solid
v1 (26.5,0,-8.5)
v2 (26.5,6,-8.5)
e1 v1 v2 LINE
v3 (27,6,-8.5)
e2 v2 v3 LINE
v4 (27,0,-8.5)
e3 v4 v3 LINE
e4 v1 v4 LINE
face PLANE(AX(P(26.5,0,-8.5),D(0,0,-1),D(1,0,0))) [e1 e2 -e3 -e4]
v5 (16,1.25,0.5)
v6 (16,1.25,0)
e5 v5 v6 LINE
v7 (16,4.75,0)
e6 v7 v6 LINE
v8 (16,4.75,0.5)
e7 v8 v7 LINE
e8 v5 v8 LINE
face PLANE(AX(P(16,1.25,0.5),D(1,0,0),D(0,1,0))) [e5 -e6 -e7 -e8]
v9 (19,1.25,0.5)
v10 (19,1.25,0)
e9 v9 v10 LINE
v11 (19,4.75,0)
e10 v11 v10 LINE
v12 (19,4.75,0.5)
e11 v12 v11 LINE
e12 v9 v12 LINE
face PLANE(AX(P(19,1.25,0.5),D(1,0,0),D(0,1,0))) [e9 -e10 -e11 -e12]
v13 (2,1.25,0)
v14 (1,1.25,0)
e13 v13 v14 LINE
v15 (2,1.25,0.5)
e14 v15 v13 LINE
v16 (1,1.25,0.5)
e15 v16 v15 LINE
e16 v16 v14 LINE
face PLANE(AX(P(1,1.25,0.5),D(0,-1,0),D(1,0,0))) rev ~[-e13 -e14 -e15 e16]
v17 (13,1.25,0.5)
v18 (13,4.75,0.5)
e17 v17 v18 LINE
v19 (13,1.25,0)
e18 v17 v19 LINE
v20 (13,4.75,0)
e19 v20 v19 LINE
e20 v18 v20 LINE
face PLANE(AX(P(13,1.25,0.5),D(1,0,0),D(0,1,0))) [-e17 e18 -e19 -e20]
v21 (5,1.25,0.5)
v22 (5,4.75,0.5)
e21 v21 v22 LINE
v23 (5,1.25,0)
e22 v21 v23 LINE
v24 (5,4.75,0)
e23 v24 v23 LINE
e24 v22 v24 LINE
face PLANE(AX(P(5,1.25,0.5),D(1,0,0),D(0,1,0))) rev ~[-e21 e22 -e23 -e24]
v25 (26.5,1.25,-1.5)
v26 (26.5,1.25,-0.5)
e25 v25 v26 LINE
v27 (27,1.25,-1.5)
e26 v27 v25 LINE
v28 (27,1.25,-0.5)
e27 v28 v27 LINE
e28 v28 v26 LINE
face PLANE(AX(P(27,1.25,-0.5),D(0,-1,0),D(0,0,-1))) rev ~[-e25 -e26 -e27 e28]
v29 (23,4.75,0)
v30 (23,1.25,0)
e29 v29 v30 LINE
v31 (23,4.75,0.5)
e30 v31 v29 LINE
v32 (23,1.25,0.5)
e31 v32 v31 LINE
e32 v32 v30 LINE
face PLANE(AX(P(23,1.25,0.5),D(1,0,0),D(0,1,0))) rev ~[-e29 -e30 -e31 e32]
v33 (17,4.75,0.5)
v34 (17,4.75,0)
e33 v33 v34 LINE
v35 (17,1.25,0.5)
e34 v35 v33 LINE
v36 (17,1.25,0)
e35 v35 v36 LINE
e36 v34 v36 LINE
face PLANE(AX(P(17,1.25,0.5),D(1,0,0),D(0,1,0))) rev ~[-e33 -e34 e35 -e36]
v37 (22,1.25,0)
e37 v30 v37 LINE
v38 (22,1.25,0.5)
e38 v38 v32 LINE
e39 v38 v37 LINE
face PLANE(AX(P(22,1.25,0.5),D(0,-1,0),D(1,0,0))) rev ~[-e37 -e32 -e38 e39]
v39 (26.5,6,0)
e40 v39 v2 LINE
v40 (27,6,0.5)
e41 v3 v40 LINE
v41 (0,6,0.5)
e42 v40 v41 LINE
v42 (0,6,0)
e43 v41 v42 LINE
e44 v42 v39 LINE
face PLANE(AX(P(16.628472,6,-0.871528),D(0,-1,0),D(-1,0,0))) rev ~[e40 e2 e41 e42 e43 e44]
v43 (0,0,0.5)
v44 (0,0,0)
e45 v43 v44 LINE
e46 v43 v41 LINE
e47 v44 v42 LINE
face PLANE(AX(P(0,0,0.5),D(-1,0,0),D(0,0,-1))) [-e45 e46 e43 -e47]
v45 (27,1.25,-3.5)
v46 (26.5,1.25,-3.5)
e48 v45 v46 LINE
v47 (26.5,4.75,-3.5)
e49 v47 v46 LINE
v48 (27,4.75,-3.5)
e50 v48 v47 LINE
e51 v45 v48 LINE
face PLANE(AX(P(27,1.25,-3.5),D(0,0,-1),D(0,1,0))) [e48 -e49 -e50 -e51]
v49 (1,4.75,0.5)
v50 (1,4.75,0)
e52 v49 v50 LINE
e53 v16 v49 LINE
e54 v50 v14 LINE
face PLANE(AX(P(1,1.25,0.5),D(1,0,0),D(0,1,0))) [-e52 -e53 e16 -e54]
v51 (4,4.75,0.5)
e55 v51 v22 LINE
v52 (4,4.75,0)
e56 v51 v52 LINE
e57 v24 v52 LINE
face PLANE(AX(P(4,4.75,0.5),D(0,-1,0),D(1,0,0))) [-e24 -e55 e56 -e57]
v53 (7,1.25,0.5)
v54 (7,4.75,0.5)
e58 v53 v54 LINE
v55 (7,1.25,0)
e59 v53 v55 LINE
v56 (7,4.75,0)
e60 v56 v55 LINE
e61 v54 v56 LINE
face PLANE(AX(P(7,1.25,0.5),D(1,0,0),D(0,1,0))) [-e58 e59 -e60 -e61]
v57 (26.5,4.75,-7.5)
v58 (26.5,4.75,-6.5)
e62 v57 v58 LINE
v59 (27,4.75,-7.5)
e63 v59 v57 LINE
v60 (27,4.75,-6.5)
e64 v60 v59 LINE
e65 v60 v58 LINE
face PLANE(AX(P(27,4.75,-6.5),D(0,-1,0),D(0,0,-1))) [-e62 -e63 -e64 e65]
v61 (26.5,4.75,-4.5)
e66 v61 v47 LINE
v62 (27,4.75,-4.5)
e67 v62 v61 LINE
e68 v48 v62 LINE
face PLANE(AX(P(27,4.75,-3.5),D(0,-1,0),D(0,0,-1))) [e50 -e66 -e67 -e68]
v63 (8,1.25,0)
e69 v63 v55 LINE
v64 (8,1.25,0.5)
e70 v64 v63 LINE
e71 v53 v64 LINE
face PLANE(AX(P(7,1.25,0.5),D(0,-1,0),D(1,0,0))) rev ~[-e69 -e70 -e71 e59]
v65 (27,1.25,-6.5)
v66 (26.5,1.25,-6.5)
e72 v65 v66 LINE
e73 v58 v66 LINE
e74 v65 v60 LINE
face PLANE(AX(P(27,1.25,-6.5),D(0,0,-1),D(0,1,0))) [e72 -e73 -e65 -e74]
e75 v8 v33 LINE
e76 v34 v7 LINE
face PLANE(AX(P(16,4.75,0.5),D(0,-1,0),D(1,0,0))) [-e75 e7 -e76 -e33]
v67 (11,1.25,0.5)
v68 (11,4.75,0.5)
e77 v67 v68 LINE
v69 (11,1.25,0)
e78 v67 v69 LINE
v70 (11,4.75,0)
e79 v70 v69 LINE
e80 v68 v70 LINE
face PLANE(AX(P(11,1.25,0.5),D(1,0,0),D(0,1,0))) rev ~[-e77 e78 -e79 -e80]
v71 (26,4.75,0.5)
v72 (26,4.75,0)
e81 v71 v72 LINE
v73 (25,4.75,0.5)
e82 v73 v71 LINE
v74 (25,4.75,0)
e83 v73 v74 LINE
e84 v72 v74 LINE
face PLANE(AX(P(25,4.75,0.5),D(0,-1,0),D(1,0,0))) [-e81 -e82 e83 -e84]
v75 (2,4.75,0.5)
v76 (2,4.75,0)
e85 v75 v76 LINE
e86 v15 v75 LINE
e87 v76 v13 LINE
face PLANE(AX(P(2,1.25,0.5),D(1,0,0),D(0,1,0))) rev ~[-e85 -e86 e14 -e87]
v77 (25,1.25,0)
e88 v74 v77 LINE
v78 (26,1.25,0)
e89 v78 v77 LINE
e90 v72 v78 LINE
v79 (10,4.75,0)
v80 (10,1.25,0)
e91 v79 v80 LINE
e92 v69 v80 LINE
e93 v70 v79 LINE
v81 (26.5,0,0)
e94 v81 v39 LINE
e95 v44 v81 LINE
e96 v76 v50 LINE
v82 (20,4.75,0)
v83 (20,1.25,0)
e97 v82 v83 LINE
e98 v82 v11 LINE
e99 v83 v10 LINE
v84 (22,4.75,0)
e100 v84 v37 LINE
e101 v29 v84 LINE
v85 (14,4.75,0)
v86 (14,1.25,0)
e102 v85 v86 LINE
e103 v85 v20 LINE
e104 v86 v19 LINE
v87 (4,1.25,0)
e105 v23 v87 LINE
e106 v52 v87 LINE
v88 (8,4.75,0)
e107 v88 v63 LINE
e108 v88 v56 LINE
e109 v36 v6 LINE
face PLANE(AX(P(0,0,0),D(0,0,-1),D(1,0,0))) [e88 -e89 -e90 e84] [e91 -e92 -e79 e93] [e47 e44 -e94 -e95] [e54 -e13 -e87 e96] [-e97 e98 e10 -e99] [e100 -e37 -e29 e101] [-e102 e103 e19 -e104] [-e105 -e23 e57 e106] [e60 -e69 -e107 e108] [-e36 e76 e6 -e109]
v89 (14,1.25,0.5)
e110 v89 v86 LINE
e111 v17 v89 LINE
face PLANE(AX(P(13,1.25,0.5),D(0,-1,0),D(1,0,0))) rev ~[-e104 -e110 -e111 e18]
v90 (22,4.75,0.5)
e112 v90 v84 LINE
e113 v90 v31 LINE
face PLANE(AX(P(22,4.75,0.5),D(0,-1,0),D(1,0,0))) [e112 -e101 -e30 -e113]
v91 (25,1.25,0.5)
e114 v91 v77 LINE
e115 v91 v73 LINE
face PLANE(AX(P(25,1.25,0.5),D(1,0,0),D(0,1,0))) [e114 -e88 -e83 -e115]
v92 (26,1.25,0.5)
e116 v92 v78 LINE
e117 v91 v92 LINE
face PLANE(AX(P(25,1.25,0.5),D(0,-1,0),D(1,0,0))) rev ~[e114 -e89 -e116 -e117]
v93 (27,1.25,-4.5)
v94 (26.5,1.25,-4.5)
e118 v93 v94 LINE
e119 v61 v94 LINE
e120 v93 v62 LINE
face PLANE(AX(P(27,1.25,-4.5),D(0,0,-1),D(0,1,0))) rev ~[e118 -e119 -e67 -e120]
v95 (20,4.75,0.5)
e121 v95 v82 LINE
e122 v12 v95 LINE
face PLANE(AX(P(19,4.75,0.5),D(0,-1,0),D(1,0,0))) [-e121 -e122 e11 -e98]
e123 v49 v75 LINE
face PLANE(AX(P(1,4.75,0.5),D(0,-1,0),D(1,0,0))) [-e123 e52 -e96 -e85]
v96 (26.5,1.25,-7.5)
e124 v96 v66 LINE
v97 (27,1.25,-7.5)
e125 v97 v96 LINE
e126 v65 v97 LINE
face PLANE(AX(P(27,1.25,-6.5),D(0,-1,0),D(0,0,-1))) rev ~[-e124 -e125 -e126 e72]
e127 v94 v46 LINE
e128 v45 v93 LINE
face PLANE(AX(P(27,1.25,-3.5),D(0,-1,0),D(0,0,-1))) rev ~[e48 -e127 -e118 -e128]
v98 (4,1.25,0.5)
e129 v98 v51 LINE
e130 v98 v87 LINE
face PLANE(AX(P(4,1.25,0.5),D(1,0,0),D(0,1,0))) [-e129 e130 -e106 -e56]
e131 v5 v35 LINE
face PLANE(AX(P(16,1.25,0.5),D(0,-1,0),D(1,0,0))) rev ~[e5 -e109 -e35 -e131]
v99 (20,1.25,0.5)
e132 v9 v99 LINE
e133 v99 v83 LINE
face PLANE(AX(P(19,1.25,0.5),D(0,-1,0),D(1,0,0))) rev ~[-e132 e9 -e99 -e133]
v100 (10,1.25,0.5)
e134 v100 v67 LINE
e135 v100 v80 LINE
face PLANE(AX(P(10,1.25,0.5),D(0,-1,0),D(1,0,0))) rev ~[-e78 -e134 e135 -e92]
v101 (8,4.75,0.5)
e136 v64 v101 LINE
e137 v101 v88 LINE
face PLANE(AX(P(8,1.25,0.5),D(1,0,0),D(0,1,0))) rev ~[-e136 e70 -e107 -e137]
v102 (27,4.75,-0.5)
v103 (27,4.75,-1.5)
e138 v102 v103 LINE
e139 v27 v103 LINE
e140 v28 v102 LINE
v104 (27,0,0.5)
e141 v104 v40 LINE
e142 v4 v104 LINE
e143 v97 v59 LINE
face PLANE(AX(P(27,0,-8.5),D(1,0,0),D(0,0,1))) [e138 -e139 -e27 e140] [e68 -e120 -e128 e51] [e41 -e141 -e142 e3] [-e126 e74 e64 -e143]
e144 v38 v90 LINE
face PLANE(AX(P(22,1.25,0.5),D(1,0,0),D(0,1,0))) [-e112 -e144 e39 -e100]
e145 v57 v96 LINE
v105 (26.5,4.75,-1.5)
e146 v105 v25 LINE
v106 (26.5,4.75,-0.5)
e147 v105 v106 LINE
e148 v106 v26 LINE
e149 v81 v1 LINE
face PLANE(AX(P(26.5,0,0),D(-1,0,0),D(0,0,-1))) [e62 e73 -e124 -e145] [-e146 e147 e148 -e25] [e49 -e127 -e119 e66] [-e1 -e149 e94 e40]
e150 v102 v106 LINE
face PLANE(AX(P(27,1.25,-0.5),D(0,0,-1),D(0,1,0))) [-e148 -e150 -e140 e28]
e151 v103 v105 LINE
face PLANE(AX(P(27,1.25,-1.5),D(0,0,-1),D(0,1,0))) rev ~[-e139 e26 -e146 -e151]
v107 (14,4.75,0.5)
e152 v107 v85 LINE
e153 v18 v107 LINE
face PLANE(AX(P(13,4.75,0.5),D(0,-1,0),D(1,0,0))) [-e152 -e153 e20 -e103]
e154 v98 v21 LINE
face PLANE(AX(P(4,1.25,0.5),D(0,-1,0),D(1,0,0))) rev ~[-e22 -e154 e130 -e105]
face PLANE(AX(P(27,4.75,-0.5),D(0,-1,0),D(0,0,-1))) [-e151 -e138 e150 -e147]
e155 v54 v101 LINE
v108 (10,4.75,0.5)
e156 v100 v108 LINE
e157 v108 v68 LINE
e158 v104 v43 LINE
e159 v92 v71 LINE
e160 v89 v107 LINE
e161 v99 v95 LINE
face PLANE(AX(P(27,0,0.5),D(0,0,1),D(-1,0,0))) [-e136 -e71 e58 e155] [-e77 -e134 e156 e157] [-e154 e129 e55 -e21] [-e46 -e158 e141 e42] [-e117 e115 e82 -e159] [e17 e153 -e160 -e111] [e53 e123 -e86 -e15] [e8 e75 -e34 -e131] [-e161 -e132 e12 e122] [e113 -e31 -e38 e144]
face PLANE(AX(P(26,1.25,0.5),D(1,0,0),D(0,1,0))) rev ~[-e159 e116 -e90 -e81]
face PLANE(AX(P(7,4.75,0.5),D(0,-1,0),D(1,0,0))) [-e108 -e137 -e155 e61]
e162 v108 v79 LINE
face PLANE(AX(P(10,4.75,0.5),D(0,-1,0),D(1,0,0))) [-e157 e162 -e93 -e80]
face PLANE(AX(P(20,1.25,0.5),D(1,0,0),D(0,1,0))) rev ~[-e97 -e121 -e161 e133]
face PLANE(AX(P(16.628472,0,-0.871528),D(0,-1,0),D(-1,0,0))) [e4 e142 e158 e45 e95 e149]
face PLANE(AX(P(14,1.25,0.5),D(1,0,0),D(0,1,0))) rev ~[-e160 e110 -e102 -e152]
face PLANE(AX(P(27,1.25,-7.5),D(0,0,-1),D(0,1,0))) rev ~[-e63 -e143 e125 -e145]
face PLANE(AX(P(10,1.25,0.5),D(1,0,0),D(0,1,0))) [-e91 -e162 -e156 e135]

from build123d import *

# Parameters (mm, degrees)
EXTRUDE_1_DEPTH     = 6
SKETCH_2_W          = 1
SKETCH_2_H          = 3.5
CUT_EXTRUDE_1_DEPTH = 30.086079144
SKETCH_3_W          = 1
SKETCH_3_H          = 3.5
CUT_EXTRUDE_2_DEPTH = 6


with BuildPart() as part:
    # 草图1 → 凸台-拉伸1 (new body)
    with BuildSketch(Plane(origin=(0, 0, 0), x_dir=(1, 0, 0), z_dir=(0, 1, 0))):
        Polygon((0, 0), (26.5, 0), (26.5, 8.5), (27, 8.5), (27, -0.5), (0, -0.5), align=None)
    extrude(amount=EXTRUDE_1_DEPTH)

    # 草图2 → 切除-拉伸1 (cut, through all)
    with BuildSketch(Plane.XY.offset(0.5)):
        with Locations((1.5, 3)):
            Rectangle(SKETCH_2_W, SKETCH_2_H)
        with Locations((4.5, 3)):
            Rectangle(SKETCH_2_W, SKETCH_2_H)
        with Locations((7.5, 3)):
            Rectangle(SKETCH_2_W, SKETCH_2_H)
        with Locations((10.5, 3)):
            Rectangle(SKETCH_2_W, SKETCH_2_H)
        with Locations((13.5, 3)):
            Rectangle(SKETCH_2_W, SKETCH_2_H)
        with Locations((16.5, 3)):
            Rectangle(SKETCH_2_W, SKETCH_2_H)
        with Locations((19.5, 3)):
            Rectangle(SKETCH_2_W, SKETCH_2_H)
        with Locations((22.5, 3)):
            Rectangle(SKETCH_2_W, SKETCH_2_H)
        with Locations((25.5, 3)):
            Rectangle(SKETCH_2_W, SKETCH_2_H)
    extrude(amount=-CUT_EXTRUDE_1_DEPTH, mode=Mode.SUBTRACT)

    # 草图3 → 切除-拉伸2 (cut)
    with BuildSketch(Plane(origin=(27, 0, 0), x_dir=(0, 0, -1), z_dir=(1, 0, 0))):
        with Locations((1, 3)):
            Rectangle(SKETCH_3_W, SKETCH_3_H)
        with Locations((4, 3)):
            Rectangle(SKETCH_3_W, SKETCH_3_H)
        with Locations((7, 3)):
            Rectangle(SKETCH_3_W, SKETCH_3_H)
    extrude(amount=-CUT_EXTRUDE_2_DEPTH, mode=Mode.SUBTRACT)


solid = part.part
